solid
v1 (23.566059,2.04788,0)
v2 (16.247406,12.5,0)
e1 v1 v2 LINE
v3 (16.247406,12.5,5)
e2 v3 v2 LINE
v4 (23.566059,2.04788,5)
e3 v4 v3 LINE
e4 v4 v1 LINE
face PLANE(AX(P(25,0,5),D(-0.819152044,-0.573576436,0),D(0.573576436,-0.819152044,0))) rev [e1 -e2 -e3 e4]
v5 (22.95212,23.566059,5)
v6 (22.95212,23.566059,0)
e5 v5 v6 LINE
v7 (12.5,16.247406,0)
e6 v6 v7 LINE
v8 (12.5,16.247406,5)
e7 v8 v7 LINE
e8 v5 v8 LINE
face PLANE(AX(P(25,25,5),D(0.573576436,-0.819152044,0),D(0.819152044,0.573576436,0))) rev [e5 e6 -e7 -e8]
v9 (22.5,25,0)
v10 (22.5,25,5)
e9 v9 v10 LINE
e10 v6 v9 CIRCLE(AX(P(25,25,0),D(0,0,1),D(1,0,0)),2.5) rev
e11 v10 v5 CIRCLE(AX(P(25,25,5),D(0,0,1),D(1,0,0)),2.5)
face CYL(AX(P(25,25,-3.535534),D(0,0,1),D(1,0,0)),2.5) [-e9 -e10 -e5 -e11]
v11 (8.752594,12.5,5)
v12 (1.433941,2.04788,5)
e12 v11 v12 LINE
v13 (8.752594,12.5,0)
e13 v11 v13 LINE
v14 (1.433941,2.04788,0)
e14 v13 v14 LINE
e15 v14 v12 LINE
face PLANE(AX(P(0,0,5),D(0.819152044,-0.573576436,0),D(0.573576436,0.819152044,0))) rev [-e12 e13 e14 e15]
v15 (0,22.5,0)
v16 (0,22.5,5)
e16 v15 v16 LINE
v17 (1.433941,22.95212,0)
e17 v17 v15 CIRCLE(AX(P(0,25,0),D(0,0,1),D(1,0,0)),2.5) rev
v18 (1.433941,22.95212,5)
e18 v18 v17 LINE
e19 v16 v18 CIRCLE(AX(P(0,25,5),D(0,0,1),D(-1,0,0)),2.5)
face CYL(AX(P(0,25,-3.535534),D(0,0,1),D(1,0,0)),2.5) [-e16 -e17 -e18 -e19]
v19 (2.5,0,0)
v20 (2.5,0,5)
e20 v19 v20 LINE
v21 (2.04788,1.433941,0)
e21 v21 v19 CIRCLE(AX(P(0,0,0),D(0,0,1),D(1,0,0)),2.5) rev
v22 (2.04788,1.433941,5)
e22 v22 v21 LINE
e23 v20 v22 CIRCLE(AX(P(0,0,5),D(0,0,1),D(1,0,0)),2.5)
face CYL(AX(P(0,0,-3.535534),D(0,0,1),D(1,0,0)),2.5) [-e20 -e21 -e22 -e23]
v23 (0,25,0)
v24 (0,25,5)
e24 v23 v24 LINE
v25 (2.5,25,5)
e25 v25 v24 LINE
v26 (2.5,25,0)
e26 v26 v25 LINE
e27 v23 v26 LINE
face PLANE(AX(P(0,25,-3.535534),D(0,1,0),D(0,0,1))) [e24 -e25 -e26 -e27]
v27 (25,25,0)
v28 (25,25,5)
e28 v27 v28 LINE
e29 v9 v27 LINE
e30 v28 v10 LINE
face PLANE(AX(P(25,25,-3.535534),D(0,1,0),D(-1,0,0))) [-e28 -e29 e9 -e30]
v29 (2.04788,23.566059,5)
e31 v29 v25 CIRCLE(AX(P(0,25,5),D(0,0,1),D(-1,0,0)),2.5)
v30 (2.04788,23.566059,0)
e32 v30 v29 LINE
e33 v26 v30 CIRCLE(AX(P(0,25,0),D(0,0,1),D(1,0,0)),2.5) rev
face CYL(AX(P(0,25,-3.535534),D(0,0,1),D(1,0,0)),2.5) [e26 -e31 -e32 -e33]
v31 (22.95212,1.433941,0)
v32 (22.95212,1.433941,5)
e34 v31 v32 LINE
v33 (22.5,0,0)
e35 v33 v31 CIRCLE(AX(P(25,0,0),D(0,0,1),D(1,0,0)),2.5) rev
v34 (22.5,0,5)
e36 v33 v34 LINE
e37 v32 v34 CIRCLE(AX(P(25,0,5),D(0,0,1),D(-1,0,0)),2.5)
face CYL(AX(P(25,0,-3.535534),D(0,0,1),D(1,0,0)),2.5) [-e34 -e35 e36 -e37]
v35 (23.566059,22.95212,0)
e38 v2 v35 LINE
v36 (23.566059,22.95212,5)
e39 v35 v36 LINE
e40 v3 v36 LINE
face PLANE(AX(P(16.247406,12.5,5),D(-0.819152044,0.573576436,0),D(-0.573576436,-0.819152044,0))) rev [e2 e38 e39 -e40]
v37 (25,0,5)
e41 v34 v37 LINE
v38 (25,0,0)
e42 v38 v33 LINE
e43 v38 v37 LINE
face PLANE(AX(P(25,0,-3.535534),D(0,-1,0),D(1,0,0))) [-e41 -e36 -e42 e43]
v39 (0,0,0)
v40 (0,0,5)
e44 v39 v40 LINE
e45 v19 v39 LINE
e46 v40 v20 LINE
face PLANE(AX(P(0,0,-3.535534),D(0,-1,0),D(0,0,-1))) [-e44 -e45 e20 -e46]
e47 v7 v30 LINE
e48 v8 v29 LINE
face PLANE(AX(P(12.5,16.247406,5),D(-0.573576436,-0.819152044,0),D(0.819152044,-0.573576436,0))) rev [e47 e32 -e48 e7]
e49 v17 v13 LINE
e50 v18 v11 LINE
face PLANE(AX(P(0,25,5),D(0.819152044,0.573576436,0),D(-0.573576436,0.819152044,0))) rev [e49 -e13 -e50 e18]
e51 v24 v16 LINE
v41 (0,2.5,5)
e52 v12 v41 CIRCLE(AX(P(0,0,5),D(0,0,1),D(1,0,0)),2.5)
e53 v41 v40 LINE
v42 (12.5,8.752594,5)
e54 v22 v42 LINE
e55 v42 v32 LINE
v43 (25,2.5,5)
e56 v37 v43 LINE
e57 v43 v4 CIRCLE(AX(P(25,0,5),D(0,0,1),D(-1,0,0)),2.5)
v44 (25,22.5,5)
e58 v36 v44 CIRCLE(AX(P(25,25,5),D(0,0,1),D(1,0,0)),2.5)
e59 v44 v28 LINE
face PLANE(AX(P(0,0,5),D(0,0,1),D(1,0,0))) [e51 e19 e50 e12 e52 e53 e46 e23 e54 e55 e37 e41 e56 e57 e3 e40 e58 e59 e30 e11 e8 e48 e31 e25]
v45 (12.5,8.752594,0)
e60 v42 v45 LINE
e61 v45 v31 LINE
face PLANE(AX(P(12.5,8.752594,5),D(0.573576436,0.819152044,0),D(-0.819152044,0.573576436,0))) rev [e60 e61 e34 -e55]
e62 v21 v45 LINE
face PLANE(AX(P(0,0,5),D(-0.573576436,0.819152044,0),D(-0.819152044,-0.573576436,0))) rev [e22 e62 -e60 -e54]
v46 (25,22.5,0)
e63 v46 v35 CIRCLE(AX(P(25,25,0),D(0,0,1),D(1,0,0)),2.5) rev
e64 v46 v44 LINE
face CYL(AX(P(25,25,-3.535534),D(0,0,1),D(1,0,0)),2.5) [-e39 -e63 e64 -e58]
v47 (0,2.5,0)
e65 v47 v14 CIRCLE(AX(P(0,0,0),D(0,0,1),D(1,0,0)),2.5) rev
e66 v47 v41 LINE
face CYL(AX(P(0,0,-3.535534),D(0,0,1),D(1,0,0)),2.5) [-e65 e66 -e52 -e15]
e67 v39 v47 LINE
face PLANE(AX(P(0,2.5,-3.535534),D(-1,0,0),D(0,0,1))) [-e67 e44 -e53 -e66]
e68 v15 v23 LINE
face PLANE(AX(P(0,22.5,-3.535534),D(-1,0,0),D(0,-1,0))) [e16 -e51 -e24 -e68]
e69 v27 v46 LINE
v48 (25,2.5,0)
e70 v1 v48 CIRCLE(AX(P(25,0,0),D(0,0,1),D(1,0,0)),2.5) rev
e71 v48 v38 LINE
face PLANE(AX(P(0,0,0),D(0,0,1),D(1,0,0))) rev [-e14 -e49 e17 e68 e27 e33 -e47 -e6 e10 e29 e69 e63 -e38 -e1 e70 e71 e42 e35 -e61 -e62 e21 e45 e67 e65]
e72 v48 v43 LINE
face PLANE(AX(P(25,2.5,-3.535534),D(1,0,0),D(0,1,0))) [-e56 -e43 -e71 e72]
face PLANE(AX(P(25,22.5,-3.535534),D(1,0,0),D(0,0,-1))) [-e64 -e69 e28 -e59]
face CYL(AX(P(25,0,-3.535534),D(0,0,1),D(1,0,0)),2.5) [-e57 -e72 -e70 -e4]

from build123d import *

# Parameters (mm, degrees)
BOSS_EXTRUDE1_DEPTH = 5
BOSS_EXTRUDE2_DEPTH = 5


with BuildPart() as part:
    # Sketch1 → Boss-Extrude1 (new body)
    with BuildSketch(Plane.XY):
        Polygon((0, 0), (8.752594228, 12.5), (0, 25), (12.5, 16.247405772), (25, 25), (16.247405772, 12.5), (25, 0), (12.5, 8.752594228), align=None)
    extrude(amount=BOSS_EXTRUDE1_DEPTH)

    # Sketch2 → Boss-Extrude2 (add)
    with BuildSketch(Plane.XY.offset(5)):
        with BuildLine():
            Line((0, 22.5), (0, 25))
            Line((0, 25), (2.5, 25))
            ThreePointArc((2.5, 25), (1.767766953, 23.232233047), (0, 22.5))
        make_face()
        with BuildLine():
            Line((25, 22.5), (25, 25))
            Line((25, 25), (22.5, 25))
            ThreePointArc((22.5, 25), (23.232233047, 23.232233047), (25, 22.5))
        make_face()
        with BuildLine():
            Line((25, 0), (22.5, 0))
            ThreePointArc((22.5, 0), (23.232233047, 1.767766953), (25, 2.5))
            Line((25, 2.5), (25, 0))
        make_face()
        with BuildLine():
            Line((0, 2.5), (0, 0))
            Line((0, 0), (2.5, 0))
            ThreePointArc((2.5, 0), (1.767766953, 1.767766953), (0, 2.5))
        make_face()
    extrude(amount=-BOSS_EXTRUDE2_DEPTH)


solid = part.part
